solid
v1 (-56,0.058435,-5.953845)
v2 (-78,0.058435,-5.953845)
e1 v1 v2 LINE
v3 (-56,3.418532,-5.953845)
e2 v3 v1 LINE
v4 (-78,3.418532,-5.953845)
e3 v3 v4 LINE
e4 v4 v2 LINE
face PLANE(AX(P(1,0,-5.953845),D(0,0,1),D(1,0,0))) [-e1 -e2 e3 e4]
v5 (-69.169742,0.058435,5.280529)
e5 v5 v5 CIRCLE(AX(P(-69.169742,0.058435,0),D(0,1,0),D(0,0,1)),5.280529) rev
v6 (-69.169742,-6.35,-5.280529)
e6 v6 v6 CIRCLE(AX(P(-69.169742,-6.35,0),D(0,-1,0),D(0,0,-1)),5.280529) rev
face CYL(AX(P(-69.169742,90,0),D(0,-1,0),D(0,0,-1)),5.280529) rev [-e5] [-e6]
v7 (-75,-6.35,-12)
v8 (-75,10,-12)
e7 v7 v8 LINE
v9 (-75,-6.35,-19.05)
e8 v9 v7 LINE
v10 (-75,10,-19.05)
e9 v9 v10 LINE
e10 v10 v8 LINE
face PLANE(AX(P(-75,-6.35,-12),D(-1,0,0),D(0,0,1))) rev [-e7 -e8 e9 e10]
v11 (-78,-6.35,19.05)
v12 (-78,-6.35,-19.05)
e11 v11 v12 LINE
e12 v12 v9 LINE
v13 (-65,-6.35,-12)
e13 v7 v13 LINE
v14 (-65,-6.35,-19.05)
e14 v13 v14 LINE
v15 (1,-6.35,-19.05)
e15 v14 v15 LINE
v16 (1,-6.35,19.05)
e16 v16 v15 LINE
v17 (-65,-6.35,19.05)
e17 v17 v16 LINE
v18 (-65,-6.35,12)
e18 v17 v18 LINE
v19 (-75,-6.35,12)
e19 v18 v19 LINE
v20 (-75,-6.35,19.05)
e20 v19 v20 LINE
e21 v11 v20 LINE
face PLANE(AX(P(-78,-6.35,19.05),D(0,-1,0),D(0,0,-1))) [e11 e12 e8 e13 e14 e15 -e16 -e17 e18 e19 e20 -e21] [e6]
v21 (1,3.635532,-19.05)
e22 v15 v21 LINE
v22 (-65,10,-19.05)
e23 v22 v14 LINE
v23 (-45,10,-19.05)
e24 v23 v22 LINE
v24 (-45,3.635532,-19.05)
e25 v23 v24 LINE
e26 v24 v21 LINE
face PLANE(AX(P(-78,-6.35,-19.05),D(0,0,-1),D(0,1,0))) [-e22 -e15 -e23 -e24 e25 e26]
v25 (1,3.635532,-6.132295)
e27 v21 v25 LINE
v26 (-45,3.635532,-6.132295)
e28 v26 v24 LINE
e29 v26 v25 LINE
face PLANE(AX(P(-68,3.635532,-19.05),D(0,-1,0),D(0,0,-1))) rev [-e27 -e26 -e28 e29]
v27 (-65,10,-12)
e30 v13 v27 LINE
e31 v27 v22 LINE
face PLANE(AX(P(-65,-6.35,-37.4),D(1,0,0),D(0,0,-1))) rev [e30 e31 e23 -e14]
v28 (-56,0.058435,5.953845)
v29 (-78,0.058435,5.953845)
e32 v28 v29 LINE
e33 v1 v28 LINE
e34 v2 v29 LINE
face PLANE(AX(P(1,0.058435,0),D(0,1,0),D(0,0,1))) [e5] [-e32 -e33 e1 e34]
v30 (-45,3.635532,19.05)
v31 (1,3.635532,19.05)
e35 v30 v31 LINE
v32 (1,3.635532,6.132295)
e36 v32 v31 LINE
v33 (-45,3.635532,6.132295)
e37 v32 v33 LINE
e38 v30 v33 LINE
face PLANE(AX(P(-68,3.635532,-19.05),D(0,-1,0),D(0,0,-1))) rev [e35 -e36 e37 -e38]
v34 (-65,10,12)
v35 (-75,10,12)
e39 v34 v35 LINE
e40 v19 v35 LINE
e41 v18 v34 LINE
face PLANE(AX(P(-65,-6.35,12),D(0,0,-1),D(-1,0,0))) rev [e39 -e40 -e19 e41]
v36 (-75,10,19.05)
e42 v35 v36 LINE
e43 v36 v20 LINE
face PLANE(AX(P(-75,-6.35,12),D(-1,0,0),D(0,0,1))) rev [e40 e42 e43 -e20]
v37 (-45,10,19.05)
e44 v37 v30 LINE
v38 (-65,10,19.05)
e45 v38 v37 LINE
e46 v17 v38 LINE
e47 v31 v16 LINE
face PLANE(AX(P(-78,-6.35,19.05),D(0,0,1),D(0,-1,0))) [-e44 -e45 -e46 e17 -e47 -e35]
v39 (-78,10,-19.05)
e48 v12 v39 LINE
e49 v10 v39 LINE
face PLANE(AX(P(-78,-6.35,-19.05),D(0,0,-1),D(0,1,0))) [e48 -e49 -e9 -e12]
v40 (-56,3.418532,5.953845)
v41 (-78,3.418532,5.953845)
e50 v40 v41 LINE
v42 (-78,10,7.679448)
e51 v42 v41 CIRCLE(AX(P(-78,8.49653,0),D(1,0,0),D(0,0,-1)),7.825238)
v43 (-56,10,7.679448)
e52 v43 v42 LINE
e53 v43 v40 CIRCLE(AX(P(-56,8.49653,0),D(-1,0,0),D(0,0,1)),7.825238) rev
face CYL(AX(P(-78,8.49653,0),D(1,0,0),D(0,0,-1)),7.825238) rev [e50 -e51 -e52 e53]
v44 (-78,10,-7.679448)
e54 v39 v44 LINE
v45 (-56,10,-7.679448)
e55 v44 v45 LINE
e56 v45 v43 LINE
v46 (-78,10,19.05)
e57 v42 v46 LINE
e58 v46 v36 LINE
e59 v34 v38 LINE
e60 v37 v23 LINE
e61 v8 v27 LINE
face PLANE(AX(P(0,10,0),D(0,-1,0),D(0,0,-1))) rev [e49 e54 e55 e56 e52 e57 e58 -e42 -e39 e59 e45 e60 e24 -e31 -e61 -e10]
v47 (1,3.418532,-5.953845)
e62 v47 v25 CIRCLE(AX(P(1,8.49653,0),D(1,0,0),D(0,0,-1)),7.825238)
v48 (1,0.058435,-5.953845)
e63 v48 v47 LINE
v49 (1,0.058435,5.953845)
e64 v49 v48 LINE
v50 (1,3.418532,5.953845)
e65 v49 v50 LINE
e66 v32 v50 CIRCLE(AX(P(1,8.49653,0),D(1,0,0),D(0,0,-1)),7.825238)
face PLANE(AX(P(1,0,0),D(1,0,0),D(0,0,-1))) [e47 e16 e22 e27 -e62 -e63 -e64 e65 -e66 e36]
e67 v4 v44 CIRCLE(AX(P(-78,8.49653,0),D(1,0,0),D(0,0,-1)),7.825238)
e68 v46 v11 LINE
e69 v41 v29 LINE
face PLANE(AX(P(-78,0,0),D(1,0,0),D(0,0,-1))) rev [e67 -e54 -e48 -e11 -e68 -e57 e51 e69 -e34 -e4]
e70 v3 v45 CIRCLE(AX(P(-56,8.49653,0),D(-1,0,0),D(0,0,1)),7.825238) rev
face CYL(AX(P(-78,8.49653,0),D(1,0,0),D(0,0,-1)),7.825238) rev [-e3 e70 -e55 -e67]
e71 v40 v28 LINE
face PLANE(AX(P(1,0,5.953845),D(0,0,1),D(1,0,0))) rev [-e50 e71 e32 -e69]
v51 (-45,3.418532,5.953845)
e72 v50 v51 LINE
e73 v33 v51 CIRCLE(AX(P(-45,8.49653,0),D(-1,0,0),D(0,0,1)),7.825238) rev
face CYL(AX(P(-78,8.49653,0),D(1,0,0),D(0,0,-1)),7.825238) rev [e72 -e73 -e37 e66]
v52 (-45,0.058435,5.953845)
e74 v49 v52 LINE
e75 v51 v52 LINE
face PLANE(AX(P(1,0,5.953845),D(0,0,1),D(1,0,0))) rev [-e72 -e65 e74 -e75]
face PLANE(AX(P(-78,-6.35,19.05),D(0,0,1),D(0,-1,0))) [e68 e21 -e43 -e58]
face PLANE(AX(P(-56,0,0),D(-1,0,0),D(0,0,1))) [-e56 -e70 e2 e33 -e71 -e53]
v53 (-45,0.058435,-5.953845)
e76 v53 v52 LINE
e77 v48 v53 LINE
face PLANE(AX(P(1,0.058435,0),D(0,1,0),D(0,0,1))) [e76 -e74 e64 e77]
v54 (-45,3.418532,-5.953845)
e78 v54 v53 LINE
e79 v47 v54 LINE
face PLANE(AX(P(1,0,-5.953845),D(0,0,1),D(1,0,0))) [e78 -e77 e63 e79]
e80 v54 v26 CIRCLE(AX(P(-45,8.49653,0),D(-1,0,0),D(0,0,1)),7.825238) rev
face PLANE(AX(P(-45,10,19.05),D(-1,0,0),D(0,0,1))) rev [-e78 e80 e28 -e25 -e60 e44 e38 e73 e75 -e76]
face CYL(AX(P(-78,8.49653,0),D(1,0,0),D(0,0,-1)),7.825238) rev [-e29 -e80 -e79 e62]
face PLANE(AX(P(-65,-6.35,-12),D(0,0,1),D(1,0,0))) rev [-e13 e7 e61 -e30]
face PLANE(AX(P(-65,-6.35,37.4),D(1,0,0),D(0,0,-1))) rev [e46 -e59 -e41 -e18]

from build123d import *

# Parameters (mm, degrees)
SKETCH5_W                = 33.357089
SKETCH5_H                = 38.1
BOSS_EXTRUDE2_DEPTH      = 1
BOSS_EXTRUDE2_DEPTH_BACK = 78
SKETCH6_W                = 69
SKETCH6_H                = 23.371556831
CUT_EXTRUDE1_DEPTH       = 39.1
SKETCH7_R                = 7.825237577
CUT_EXTRUDE2_DEPTH       = 2
CUT_EXTRUDE2_DEPTH_BACK  = 79
CUT_EXTRUDE3_DEPTH       = 79
SKETCH9_W                = 33
SKETCH9_H                = 38.1
BOSS_EXTRUDE6_DEPTH      = 10
SKETCH11_R               = 7.825237577
CUT_EXTRUDE5_DEPTH       = 79
SKETCH13_W               = 10
SKETCH13_H               = 25.4
CUT_EXTRUDE6_DEPTH       = 11
CUT_EXTRUDE6_DEPTH_BACK  = 7.35
SKETCH14_W               = 11.907690598
SKETCH14_H               = 40
CUT_EXTRUDE8_DEPTH       = 2
CUT_EXTRUDE8_DEPTH_BACK  = 90
SKETCH15_R               = 5.280529318
CUT_EXTRUDE9_DEPTH       = 90
CUT_EXTRUDE9_DEPTH_BACK  = 90
SKETCH16_W               = 38.1
SKETCH16_H               = 16.35
BOSS_EXTRUDE7_DEPTH      = 11


with BuildPart() as part:
    # Sketch5 → Boss-Extrude2 (new body, two sides)
    with BuildSketch(Plane(origin=(0, 0, 0), x_dir=(0, -1, 0), z_dir=(1, 0, 0))) as boss_extrude2_sk:
        with Locations((-10.3285445, 0)):
            Rectangle(SKETCH5_W, SKETCH5_H)
    extrude(amount=BOSS_EXTRUDE2_DEPTH)
    extrude(boss_extrude2_sk.sketch, amount=-BOSS_EXTRUDE2_DEPTH_BACK)

    # Sketch6 → Cut-Extrude1 (cut, through all)
    with BuildSketch(Plane.XY.offset(19.05)):
        with Locations((-33.5, 15.321310585)):
            Rectangle(SKETCH6_W, SKETCH6_H)
    extrude(amount=-CUT_EXTRUDE1_DEPTH, mode=Mode.SUBTRACT)

    # Sketch7 → Cut-Extrude2 (cut, two sides)
    with BuildSketch(Plane(origin=(0, 0, 0), x_dir=(0, 0, -1), z_dir=(1, 0, 0))) as cut_extrude2_sk:
        with Locations((0, 8.496530467)):
            Circle(SKETCH7_R)
    extrude(amount=CUT_EXTRUDE2_DEPTH, mode=Mode.SUBTRACT)
    extrude(cut_extrude2_sk.sketch, amount=-CUT_EXTRUDE2_DEPTH_BACK, mode=Mode.SUBTRACT)

    # Sketch8 → Cut-Extrude3 (cut, through all)
    with BuildSketch(Plane(origin=(0, 0, 0), x_dir=(0, 0, -1), z_dir=(1, 0, 0))):
        with BuildLine():
            Line((-19.05, 3.635532169), (-6.132294733, 3.635532169))
            ThreePointArc((-6.132294733, 3.635532169), (0, 16.321768044), (6.132294733, 3.635532169))
            Line((6.132294733, 3.635532169), (19.05, 3.635532169))
            Line((19.05, 3.635532169), (19.05, 27.007089))
            Line((19.05, 27.007089), (-19.05, 27.007089))
            Line((-19.05, 27.007089), (-19.05, 3.635532169))
        make_face()
        with BuildLine():
            Line((-19.05, 3.635532169), (-6.132294733, 3.635532169))
            ThreePointArc((-6.132294733, 3.635532169), (0, 16.321768044), (6.132294733, 3.635532169))
            Line((6.132294733, 3.635532169), (19.05, 3.635532169))
            Line((19.05, 3.635532169), (19.05, 27.007089))
            Line((19.05, 27.007089), (-19.05, 27.007089))
            Line((-19.05, 27.007089), (-19.05, 3.635532169))
        make_face()
    extrude(amount=-CUT_EXTRUDE3_DEPTH, mode=Mode.SUBTRACT)

    # Sketch9 → Boss-Extrude6 (add)
    with BuildSketch(Plane(origin=(0, 0, 0), x_dir=(1, 0, 0), z_dir=(0, 1, 0))):
        with Locations((-61.5, 0)):
            Rectangle(SKETCH9_W, SKETCH9_H)
    extrude(amount=BOSS_EXTRUDE6_DEPTH)

    # Sketch11 → Cut-Extrude5 (cut, through all)
    with BuildSketch(Plane(origin=(0, 0, 0), x_dir=(0, 0, -1), z_dir=(1, 0, 0))):
        with Locations((0, 8.496530467)):
            Circle(SKETCH11_R)
    extrude(amount=-CUT_EXTRUDE5_DEPTH, mode=Mode.SUBTRACT)

    # Sketch13 → Cut-Extrude6 (cut, two sides)
    with BuildSketch(Plane(origin=(0, 0, 0), x_dir=(1, 0, 0), z_dir=(0, 1, 0))) as cut_extrude6_sk:
        with Locations((-70, -24.7)):
            Rectangle(SKETCH13_W, SKETCH13_H)
        with Locations((-70, 24.7)):
            Rectangle(SKETCH13_W, SKETCH13_H)
    extrude(amount=CUT_EXTRUDE6_DEPTH, mode=Mode.SUBTRACT)
    extrude(cut_extrude6_sk.sketch, amount=-CUT_EXTRUDE6_DEPTH_BACK, mode=Mode.SUBTRACT)

    # Sketch14 → Cut-Extrude8 (cut, two sides)
    with BuildSketch(Plane(origin=(0, 0, 0), x_dir=(0, 0, -1), z_dir=(1, 0, 0))) as cut_extrude8_sk:
        with Locations((0, 20.05843463)):
            Rectangle(SKETCH14_W, SKETCH14_H)
    extrude(amount=CUT_EXTRUDE8_DEPTH, mode=Mode.SUBTRACT)
    extrude(cut_extrude8_sk.sketch, amount=-CUT_EXTRUDE8_DEPTH_BACK, mode=Mode.SUBTRACT)

    # Sketch15 → Cut-Extrude9 (cut, two sides)
    with BuildSketch(Plane(origin=(0, 0, 0), x_dir=(1, 0, 0), z_dir=(0, 1, 0))) as cut_extrude9_sk:
        with Locations((-69.169741906, 0)):
            Circle(SKETCH15_R)
    extrude(amount=CUT_EXTRUDE9_DEPTH, mode=Mode.SUBTRACT)
    extrude(cut_extrude9_sk.sketch, amount=-CUT_EXTRUDE9_DEPTH_BACK, mode=Mode.SUBTRACT)

    # Sketch16 → Boss-Extrude7 (add)
    with BuildSketch(Plane(origin=(-45, 0, 0), x_dir=(0, 0, -1), z_dir=(1, 0, 0))):
        with Locations((0, 1.825)):
            Rectangle(SKETCH16_W, SKETCH16_H)
    extrude(amount=-BOSS_EXTRUDE7_DEPTH)


solid = part.part
